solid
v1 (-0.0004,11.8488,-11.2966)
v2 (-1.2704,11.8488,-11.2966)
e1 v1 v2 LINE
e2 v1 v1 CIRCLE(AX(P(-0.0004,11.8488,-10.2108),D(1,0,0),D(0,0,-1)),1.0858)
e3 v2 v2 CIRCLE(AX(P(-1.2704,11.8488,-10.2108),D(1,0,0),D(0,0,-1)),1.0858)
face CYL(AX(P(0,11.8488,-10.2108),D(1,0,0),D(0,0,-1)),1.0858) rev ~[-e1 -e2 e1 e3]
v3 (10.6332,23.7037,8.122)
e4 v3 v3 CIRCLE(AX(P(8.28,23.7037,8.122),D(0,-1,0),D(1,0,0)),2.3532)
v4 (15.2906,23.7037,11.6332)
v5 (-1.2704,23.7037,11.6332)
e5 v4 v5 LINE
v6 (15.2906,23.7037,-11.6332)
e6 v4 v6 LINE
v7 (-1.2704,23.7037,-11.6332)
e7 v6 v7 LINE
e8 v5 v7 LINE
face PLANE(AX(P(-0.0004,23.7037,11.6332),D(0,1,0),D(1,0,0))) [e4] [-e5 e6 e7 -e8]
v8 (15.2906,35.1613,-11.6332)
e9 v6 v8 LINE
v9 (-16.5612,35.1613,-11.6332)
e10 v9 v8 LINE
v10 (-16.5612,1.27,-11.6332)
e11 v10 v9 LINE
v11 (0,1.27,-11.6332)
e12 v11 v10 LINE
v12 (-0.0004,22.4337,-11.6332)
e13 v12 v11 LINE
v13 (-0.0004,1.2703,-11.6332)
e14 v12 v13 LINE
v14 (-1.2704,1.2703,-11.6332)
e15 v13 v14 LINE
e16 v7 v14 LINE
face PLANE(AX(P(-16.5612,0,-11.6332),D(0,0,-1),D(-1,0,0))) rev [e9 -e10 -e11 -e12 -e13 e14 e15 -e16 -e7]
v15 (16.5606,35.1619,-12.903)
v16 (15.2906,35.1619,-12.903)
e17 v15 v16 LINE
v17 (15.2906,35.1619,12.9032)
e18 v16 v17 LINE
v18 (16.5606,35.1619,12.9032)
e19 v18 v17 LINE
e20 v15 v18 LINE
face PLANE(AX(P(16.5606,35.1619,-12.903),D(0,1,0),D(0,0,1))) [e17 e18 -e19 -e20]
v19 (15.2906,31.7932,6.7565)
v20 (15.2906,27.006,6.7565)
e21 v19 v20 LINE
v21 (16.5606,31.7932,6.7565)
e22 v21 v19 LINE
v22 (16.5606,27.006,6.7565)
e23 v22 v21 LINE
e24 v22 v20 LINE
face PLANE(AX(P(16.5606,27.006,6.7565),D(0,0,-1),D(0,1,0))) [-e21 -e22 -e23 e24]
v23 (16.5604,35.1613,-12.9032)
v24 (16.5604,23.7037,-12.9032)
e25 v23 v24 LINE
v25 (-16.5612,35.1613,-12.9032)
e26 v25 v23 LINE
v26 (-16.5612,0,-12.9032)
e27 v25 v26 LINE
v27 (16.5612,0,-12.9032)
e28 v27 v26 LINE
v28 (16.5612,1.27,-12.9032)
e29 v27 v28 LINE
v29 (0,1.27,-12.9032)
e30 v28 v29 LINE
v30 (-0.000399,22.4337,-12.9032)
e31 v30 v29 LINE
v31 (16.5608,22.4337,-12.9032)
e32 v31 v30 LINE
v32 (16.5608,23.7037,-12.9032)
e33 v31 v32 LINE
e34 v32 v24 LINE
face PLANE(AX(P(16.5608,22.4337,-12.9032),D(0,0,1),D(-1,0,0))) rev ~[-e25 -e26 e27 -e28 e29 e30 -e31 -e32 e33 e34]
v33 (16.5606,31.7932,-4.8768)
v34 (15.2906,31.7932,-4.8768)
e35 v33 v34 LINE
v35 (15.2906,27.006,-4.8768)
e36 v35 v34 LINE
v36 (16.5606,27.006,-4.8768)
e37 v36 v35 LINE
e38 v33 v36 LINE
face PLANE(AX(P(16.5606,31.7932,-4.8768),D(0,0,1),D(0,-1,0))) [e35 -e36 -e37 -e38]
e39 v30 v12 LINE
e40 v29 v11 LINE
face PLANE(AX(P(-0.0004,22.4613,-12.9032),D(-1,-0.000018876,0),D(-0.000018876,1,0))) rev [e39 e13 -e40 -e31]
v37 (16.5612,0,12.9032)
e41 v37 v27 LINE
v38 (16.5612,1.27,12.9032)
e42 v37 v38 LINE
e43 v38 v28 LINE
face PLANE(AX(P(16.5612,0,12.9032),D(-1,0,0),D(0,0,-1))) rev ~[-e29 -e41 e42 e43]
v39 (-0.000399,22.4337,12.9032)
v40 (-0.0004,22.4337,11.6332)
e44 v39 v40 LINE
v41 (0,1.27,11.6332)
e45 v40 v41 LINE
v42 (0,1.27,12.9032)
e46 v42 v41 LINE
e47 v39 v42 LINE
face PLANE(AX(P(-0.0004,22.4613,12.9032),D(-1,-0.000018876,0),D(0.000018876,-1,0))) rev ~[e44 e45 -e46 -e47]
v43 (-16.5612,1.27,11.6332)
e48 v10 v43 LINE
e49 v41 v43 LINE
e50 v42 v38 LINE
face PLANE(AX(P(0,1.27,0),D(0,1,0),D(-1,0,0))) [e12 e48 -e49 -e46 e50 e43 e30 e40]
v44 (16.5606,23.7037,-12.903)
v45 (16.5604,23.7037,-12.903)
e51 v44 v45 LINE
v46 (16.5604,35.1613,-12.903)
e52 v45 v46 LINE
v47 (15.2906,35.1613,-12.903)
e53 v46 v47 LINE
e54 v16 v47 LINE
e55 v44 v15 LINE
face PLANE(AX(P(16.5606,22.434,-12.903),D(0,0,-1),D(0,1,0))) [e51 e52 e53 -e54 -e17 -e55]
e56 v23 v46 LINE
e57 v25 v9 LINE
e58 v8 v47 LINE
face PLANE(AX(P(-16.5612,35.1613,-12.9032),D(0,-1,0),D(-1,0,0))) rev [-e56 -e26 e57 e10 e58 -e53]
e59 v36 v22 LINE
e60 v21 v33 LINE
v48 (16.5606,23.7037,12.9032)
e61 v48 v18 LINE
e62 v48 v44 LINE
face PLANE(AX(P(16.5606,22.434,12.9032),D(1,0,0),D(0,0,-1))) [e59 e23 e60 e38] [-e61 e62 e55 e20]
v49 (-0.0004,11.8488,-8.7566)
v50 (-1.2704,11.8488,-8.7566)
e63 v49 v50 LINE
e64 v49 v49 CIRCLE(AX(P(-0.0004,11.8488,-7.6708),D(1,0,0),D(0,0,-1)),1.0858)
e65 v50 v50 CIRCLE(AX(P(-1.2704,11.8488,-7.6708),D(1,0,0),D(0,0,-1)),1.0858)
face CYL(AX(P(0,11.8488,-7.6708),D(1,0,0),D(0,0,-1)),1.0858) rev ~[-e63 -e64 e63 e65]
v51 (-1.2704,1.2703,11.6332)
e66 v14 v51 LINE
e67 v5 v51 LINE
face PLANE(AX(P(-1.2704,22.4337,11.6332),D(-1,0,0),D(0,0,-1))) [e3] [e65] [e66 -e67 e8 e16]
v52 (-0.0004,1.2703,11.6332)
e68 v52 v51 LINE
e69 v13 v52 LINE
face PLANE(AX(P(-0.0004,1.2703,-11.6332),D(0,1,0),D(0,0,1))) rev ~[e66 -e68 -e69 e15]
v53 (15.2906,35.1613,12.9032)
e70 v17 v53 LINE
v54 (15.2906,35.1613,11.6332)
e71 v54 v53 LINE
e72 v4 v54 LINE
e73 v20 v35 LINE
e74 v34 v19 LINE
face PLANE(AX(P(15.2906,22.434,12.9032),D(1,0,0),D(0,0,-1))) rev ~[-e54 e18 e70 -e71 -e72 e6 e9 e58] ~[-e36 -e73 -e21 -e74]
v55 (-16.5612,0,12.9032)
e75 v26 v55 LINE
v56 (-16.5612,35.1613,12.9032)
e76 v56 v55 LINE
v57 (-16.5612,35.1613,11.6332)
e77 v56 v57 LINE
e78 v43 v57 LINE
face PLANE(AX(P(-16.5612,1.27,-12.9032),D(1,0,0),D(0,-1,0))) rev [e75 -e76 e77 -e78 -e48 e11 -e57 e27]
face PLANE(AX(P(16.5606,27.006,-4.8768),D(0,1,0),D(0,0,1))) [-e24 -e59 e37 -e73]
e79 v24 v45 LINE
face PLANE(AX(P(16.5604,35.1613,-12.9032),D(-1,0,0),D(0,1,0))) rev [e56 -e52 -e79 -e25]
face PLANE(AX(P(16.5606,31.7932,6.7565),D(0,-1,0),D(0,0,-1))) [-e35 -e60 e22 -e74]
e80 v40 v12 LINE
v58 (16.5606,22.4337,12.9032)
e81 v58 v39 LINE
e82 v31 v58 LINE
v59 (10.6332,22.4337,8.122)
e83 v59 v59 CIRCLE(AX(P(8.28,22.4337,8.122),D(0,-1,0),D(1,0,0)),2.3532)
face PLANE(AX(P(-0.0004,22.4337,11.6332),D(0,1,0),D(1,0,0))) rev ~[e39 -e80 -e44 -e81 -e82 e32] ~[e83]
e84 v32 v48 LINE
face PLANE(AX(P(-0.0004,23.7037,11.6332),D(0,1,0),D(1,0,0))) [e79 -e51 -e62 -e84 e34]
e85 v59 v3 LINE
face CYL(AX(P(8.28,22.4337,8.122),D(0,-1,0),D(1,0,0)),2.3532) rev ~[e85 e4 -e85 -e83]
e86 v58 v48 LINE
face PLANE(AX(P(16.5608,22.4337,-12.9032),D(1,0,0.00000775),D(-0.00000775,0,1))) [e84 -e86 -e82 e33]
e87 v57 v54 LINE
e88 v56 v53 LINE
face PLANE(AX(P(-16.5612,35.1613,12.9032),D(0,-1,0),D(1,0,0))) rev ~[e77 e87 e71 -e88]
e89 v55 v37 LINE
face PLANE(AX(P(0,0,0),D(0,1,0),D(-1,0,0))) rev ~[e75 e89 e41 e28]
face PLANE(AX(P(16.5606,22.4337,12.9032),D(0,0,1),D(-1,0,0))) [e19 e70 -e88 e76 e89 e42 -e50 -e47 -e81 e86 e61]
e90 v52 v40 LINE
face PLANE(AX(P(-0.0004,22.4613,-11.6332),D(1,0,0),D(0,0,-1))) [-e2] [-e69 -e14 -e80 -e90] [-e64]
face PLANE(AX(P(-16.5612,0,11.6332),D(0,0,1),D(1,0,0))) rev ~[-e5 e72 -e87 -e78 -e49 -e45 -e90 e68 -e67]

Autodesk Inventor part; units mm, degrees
ref_plane "YZ Plane" through (0, 0, 0) normal (1, 0, 0) x (0, 1, 0)
ref_plane "XZ Plane" through (0, 0, 0) normal (0, 1, 0) x (-1, 0, 0)
ref_plane "XY Plane" through (0, 0, 0) normal (0, 0, 1) x (1, 0, 0)
sketch "Boceto1" plane through (0, 0, 0) normal (0, 1, 0) x (-1, 0, 0)
  line L0 (-16.5612, -12.9032) -> (16.5612, -12.9032)
  line L1 (16.5612, -12.9032) -> (16.5612, 12.9032)
  line L2 (16.5612, 12.9032) -> (-16.5612, 12.9032)
  line L3 (-16.5612, 12.9032) -> (-16.5612, -12.9032)
  line L4 (-16.5612, -12.9032) -> (16.5612, 12.9032) construction
  line L5 (16.5612, -12.9032) -> (-16.5612, 12.9032) construction
  point P0 (0, 0)
  dimension "d0" = 16.5612
  dimension "d1" = 12.9032
extrude "Extrusión1" add sketch "Boceto1" along normal blind 1.27
sketch "Boceto2" plane through (-16.5612, 0, 12.9032) normal (0, 0, 1) x (1, 0, 0)
  line L0 (0, 1.27) -> (0, 35.1613)
  line L1 (0, 35.1613) -> (33.1216, 35.1613)
  line L2 (33.1216, 35.1613) -> (33.1216, 22.4613)
  line L3 (33.1216, 22.4613) -> (16.5608, 22.4613)
  line L4 (16.5608, 22.4613) -> (16.5612, 1.27)
  line L5 (33.1224, 1.27) -> (0, 1.27) projected
  point P0 (16.5612, 0)
  dimension "d4" = 33.1216
  dimension "d5" = 12.7
  dimension "d6" = 16.5608
  dimension "d7" = 21.1913
extrude "Extrusión2" add sketch "Boceto2" against normal blind 1.27
mirror "Simetría1" about plane through (0, 0, 0) normal (0, 0, 1) of "Extrusión2"
sketch "Boceto3" plane through (-0.0004, 22.4613, -11.6332) normal (1, 0, 0) x (0, 0, -1)
  line L0 (0, -21.191) -> (-23.2664, -21.191) projected
  line L1 (-23.2664, -21.191) -> (-23.2664, -0.0276)
  line L2 (-23.2664, -0.0276) -> (0, -0.0276)
  line L3 (0, 0) -> (0, -21.1913) projected
  line L4 (0, -0.0276) -> (0, -21.1913)
  line L5 (0, -21.1913) -> (-23.2664, -21.191)
  point P0 (-11.6332, -22.4613)
  dimension "d10" = 21.1634
extrude "Extrusión3" add sketch "Boceto3" against normal blind 1.27
sketch "Boceto4" plane through (-0.0004, 22.4337, 11.6332) normal (0, 1, 0) x (1, 0, 0)
  line L0 (16.561, 23.2664) -> (16.5608, 23.2664) projected
  line L1 (16.561, -1.27) -> (-1.2701, -1.27)
  line L2 (-1.27, 0) -> (-1.27, 23.2664) projected
  line L3 (-1.2701, -1.27) -> (-1.2701, 24.5364)
  line L4 (16.5612, 24.5364) -> (-16.5612, 24.5364) projected
  line L5 (-1.2701, 24.5364) -> (16.5612, 24.5364)
  line L6 (16.5612, 24.5364) -> (16.561, -1.27)
  dimension "d23" = 17.8312
extrude "Extrusión4" add sketch "Boceto4" along normal blind 1.27
sketch "Boceto7" plane through (16.5606, 22.434, 12.9032) normal (1, 0, 0) x (0, 0, -1)
  line L0 (0, 0) -> (25.8062, 0)
  line L1 (25.8062, -22.4334) -> (25.8062, 12.7279) projected
  line L2 (25.8062, 12.7279) -> (0, 12.7279)
  line L3 (0, 12.7279) -> (0, 0)
  line L4 (0, 1.27) -> (25.8064, 1.27) projected
  dimension "d28" = 1.27
  dimension "d29" = 25.8062
extrude "Extrusión7" add sketch "Boceto7" against normal blind 1.27
sketch "Boceto8" plane through (16.5606, 22.434, 12.9032) normal (1, 0, 0) x (0, 0, -1)
  line L0 (6.1467, 9.3592) -> (17.78, 9.3592)
  line L1 (17.78, 9.3592) -> (17.78, 4.572)
  line L2 (17.78, 4.572) -> (6.1467, 4.572)
  line L3 (6.1467, 4.572) -> (6.1467, 9.3592)
  line L4 (25.8064, 0) -> (0, 0) projected
  line L5 (0, 12.7273) -> (0, 1.27) projected
  point P0 (12.9031, -22.4337)
  dimension "d30" = 4.7871
  dimension "d31" = 11.6333
  dimension "d36" = 4.572
  dimension "d37" = 17.78
extrude "Extrusión8" cut sketch "Boceto8" against normal up to next
sketch "Boceto9" plane through (-0.0004, 22.4337, 11.6332) normal (0, -1, 0) x (1, 0, 0)
  circle A0 centre (8.2804, -3.5112) radius 2.3532
  line L0 (0, -24.5364) -> (0, 1.27) projected
  line L1 (15.291, 0) -> (-1.2701, 0) projected
  point P0 (0, -11.6332)
  dimension "d42" = 4.7064
  dimension "d43" = 8.2804
  dimension "d44" = 3.5112
extrude "Extrusión9" cut sketch "Boceto9" against normal up to next
sketch "Boceto10" plane through (0, 1.27, 12.9032) normal (1, 0, 0) x (0, 0, -1)
  circle A0 centre (23.114, 10.5788) radius 1.0858
  circle A1 centre (20.574, 10.5788) radius 1.0858
  line L0 (0, -0.0003) -> (25.8064, -0.0003) projected
  line L1 (0, 21.1637) -> (0, 0) projected
  point P0 (12.9032, -1.27)
  dimension "d47" = 2.1716
  dimension "d48" = 10.5791
  dimension "d49" = 23.114
  dimension "d50" = 2.54
  dimension "d51" = 10.5791
extrude "Extrusión10" cut sketch "Boceto10" against normal up to next
properties part number "sanicav"
